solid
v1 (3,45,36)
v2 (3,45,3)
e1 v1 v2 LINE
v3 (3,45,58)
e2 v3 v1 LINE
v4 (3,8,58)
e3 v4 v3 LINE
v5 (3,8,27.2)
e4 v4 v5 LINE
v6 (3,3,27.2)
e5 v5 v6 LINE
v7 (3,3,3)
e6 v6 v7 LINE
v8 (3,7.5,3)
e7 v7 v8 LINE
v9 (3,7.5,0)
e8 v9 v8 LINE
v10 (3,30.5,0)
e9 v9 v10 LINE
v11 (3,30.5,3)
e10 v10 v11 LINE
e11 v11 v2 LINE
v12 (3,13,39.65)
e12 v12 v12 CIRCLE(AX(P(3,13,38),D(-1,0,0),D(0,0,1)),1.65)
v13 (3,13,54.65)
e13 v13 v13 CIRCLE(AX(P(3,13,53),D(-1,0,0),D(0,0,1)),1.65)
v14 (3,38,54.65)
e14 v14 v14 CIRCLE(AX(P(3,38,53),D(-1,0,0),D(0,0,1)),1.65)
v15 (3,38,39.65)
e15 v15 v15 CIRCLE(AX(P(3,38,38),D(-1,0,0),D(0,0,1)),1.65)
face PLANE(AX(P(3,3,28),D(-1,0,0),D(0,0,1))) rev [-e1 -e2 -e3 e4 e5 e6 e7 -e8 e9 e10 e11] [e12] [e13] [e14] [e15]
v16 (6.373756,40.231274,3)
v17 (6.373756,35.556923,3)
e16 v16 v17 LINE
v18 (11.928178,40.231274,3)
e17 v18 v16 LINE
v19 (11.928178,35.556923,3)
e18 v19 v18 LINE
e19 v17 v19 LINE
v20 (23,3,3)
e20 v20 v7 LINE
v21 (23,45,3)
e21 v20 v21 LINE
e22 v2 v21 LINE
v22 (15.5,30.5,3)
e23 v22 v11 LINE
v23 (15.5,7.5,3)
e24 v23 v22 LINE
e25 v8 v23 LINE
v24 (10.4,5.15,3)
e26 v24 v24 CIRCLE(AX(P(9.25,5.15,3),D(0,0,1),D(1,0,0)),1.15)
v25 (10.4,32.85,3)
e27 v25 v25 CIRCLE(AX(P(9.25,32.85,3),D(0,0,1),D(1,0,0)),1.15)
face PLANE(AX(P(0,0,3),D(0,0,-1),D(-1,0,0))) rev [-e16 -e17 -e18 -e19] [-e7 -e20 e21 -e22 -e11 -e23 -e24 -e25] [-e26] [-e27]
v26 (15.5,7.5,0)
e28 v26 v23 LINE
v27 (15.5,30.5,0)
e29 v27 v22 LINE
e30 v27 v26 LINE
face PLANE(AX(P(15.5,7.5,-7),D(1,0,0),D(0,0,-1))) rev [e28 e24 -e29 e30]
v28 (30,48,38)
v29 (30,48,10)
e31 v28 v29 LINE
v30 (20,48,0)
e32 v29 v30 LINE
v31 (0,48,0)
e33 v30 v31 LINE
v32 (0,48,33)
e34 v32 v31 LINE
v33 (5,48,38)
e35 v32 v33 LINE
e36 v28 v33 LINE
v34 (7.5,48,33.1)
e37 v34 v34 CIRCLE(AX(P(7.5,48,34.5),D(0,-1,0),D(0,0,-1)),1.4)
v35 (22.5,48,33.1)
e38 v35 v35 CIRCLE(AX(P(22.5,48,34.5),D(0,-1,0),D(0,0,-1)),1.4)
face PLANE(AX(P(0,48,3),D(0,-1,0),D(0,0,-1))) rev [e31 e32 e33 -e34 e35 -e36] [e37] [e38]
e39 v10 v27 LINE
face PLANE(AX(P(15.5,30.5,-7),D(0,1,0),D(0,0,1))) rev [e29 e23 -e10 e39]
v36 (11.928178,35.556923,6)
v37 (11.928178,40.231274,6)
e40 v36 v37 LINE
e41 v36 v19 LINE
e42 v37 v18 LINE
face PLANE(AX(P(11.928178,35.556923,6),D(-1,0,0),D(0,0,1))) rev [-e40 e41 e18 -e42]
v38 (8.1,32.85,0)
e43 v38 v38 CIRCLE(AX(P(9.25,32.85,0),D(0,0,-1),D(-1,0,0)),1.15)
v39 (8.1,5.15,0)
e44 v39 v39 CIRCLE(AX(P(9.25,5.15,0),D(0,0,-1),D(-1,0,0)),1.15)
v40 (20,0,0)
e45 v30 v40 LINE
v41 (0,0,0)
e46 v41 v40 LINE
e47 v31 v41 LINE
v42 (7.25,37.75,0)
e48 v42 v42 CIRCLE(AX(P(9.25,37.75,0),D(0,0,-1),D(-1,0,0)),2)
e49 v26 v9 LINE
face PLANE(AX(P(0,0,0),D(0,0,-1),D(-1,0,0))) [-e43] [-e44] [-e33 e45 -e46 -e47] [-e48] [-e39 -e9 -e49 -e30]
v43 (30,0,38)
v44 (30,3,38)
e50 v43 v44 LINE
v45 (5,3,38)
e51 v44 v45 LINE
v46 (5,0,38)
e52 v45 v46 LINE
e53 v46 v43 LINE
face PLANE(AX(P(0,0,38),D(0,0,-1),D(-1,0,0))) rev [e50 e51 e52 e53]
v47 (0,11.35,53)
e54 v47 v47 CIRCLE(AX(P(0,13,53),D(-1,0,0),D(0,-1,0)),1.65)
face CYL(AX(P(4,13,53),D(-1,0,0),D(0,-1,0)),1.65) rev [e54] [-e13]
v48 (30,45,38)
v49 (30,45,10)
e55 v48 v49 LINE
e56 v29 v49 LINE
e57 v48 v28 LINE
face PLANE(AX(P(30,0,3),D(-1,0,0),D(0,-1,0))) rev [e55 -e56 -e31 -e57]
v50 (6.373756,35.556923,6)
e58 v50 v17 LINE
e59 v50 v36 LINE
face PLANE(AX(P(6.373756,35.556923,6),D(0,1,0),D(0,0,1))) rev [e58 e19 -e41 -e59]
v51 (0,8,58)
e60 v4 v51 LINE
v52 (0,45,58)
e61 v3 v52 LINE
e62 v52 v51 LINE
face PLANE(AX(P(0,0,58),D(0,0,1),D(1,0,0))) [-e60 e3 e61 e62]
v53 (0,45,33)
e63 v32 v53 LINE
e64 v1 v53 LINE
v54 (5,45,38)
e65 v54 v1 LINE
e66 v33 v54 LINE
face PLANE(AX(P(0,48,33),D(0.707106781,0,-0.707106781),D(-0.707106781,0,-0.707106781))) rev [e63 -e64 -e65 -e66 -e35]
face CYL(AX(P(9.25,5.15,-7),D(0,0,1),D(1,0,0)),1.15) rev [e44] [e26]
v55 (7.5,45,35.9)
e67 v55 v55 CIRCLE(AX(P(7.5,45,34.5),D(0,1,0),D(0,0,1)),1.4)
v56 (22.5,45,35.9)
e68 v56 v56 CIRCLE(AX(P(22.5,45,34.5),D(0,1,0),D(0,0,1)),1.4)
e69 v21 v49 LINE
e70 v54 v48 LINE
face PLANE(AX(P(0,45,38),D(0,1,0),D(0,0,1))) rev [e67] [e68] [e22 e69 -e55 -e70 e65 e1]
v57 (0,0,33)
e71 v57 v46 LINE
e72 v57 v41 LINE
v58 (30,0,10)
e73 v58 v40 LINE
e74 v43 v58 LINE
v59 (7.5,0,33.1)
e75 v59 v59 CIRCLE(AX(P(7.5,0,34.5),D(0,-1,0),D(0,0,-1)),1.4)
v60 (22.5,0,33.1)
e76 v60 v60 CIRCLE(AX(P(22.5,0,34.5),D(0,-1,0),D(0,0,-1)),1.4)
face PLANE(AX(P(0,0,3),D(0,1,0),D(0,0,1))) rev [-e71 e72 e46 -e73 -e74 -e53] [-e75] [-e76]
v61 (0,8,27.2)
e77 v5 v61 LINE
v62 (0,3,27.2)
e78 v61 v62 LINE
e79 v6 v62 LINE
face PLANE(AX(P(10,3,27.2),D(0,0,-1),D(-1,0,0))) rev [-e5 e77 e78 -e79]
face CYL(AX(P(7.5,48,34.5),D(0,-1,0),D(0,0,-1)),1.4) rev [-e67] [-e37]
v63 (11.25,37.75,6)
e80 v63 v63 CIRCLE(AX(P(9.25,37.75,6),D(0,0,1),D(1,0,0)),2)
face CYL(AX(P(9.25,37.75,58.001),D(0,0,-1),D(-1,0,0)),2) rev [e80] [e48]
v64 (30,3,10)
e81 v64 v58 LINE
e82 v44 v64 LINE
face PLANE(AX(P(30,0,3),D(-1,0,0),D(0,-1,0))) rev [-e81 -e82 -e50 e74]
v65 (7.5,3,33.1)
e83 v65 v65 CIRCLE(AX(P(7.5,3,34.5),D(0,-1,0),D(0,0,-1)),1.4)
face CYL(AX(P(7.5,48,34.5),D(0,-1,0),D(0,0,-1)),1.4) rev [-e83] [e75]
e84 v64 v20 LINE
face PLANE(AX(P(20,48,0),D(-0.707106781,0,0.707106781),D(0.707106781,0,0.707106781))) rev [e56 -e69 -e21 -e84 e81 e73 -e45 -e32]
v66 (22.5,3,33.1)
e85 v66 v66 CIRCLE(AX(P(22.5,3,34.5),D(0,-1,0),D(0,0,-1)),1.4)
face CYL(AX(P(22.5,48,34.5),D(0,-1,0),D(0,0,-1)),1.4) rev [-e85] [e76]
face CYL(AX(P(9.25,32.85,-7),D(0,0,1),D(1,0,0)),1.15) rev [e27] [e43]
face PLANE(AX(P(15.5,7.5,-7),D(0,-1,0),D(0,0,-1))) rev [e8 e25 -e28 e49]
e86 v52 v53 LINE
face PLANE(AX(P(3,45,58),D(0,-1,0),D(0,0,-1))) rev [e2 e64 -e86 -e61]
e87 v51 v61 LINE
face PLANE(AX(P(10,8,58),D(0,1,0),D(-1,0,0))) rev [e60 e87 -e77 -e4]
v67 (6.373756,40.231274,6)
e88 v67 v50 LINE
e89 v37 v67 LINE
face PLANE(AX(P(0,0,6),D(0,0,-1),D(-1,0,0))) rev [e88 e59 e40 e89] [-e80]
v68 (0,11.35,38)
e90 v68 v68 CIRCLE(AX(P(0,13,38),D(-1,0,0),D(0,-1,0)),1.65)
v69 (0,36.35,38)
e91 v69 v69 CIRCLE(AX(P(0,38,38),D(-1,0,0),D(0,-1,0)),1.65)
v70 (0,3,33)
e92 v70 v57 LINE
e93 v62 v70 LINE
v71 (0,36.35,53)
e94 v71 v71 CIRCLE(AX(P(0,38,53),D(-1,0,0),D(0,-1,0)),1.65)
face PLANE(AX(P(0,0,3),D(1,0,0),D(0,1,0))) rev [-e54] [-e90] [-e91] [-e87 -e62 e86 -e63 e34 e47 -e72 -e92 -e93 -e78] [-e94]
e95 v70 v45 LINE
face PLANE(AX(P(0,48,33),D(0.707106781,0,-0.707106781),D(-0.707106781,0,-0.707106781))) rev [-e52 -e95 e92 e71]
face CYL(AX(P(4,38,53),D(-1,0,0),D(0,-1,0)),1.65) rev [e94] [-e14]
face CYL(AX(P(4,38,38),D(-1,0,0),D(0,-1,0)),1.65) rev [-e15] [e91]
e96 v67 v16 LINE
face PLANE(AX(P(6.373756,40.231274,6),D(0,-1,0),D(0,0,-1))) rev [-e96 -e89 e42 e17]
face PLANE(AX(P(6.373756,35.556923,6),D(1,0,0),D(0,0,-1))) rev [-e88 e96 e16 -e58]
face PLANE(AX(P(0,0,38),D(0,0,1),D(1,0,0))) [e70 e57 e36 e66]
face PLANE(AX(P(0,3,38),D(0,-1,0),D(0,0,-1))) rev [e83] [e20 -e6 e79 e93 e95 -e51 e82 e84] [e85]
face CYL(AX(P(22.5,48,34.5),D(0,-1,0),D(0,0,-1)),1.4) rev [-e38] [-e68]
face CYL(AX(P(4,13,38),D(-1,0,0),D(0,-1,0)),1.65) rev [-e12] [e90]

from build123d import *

# Parameters (mm, degrees)
SKETCH_1_W           = 30
SKETCH_1_H           = 48
EXTRUDE_1_DEPTH      = 3
SKETCH_3_W           = 30
SKETCH_3_H           = 3
EXTRUDE_2_DEPTH      = 35
CUT_EXTRUDE_2_DEPTH  = 69.176242196
CUT_EXTRUDE_3_DEPTH  = 69.176242196
SKETCH_7_W           = 3
SKETCH_7_H           = 42
EXTRUDE_3_DEPTH      = 25
SKETCH_14_W          = 3
SKETCH_14_H          = 42
EXTRUDE_6_DEPTH      = 30
SKETCH_15_R          = 1.65
CUT_EXTRUDE_6_DEPTH  = 4
SKETCH_16_R          = 1.15
SKETCH_16_W          = 12.5
SKETCH_16_H          = 23
CUT_EXTRUDE_7_DEPTH  = 10
SKETCH_17_W          = 30.8
SKETCH_17_H          = 5
CUT_EXTRUDE_8_DEPTH  = 10
SKETCH_20_R          = 1.4
CUT_EXTRUDE_11_DEPTH = 82.043198357
CUT_EXTRUDE_12_REACH = 83.043
SKETCH_22_R          = 2
SKETCH_23_W          = 5.554421841
SKETCH_23_H          = 4.674351411
SKETCH_23_R          = 2
EXTRUDE_9_DEPTH      = 3


with BuildPart() as part:
    # 草图1 → 凸台-拉伸1 (new body)
    with BuildSketch(Plane.XY):
        with Locations((15, 24)):
            Rectangle(SKETCH_1_W, SKETCH_1_H)
    extrude(amount=EXTRUDE_1_DEPTH)

    # 草图3 → 凸台-拉伸2 (add)
    with BuildSketch(Plane.XY.offset(3)):
        with Locations((15, 46.5)):
            Rectangle(SKETCH_3_W, SKETCH_3_H)
        with Locations((15, 1.5)):
            Rectangle(SKETCH_3_W, SKETCH_3_H)
    extrude(amount=EXTRUDE_2_DEPTH)

    # 草图5 → 切除-拉伸2 (cut, through all)
    with BuildSketch(Plane.XZ):
        Polygon((0, 33), (5, 38), (0, 38), align=None)
    extrude(amount=-CUT_EXTRUDE_2_DEPTH, mode=Mode.SUBTRACT)

    # 草图6 → 切除-拉伸3 (cut, through all)
    with BuildSketch(Plane.XZ):
        Polygon((20, 0), (30, 10), (30, 0), align=None)
    extrude(amount=-CUT_EXTRUDE_3_DEPTH, mode=Mode.SUBTRACT)

    # 草图7 → 凸台-拉伸3 (add)
    with BuildSketch(Plane.XY.offset(3)):
        with Locations((1.5, 24)):
            Rectangle(SKETCH_7_W, SKETCH_7_H)
    extrude(amount=EXTRUDE_3_DEPTH)

    # 草图14 → 凸台-拉伸6 (add)
    with BuildSketch(Plane.XY.offset(28)):
        with Locations((1.5, 24)):
            Rectangle(SKETCH_14_W, SKETCH_14_H)
    extrude(amount=EXTRUDE_6_DEPTH)

    # 草图15 → 切除-拉伸6 (cut)
    with BuildSketch(Plane.ZY):
        with Locations(Location((38, 13, 0), (0, 0, 270))):
            Circle(SKETCH_15_R)
        with Locations(Location((38, 38, 0), (0, 0, 270))):
            Circle(SKETCH_15_R)
        with Locations(Location((53, 38, 0), (0, 0, 270))):
            Circle(SKETCH_15_R)
        with Locations(Location((53, 13, 0), (0, 0, 270))):
            Circle(SKETCH_15_R)
    extrude(amount=-CUT_EXTRUDE_6_DEPTH, mode=Mode.SUBTRACT)

    # 草图16 → 切除-拉伸7 (cut)
    with BuildSketch(Plane.XY.offset(3)):
        with Locations((9.25, 32.85)):
            Circle(SKETCH_16_R)
        with Locations((9.25, 5.15)):
            Circle(SKETCH_16_R)
        with Locations((9.25, 19)):
            Rectangle(SKETCH_16_W, SKETCH_16_H)
    extrude(amount=-CUT_EXTRUDE_7_DEPTH, mode=Mode.SUBTRACT)

    # 草图17 → 切除-拉伸8 (cut)
    with BuildSketch(Plane.ZY):
        with Locations((42.6, 5.5)):
            Rectangle(SKETCH_17_W, SKETCH_17_H)
    extrude(amount=-CUT_EXTRUDE_8_DEPTH, mode=Mode.SUBTRACT)

    # 草图20 → 切除-拉伸11 (cut, through all)
    with BuildSketch(Plane.XZ):
        with Locations(Location((22.5, 34.5, 0), (0, 0, 270))):
            Circle(SKETCH_20_R)
        with Locations(Location((7.5, 34.5, 0), (0, 0, 270))):
            Circle(SKETCH_20_R)
    extrude(amount=-CUT_EXTRUDE_11_DEPTH, mode=Mode.SUBTRACT)

    # 草图22 → 切除-拉伸12 (cut, up to next)
    with BuildSketch(Plane(origin=(0, 0, 0), x_dir=(-1, 0, 0), z_dir=(0, 0, -1)), mode=Mode.PRIVATE) as cut_extrude_12_sk1:
        with Locations((-9.25, 37.75)):
            Circle(SKETCH_22_R)
    cut_extrude_12_tool1 = extrude(cut_extrude_12_sk1.sketch, amount=-CUT_EXTRUDE_12_REACH, mode=Mode.PRIVATE) & part.part
    add(cut_extrude_12_tool1.solids().sort_by_distance((9.25, 37.75, 0))[0], mode=Mode.SUBTRACT)

    # 草图23 → 凸台-拉伸9 (add)
    with BuildSketch(Plane.XY.offset(3)):
        with Locations((9.150966926, 37.89409872)):
            Rectangle(SKETCH_23_W, SKETCH_23_H)
        with Locations(Location((9.25, 37.75, 0), (0, 0, 180))):
            Circle(SKETCH_23_R, mode=Mode.SUBTRACT)
    extrude(amount=EXTRUDE_9_DEPTH)


solid = part.part
